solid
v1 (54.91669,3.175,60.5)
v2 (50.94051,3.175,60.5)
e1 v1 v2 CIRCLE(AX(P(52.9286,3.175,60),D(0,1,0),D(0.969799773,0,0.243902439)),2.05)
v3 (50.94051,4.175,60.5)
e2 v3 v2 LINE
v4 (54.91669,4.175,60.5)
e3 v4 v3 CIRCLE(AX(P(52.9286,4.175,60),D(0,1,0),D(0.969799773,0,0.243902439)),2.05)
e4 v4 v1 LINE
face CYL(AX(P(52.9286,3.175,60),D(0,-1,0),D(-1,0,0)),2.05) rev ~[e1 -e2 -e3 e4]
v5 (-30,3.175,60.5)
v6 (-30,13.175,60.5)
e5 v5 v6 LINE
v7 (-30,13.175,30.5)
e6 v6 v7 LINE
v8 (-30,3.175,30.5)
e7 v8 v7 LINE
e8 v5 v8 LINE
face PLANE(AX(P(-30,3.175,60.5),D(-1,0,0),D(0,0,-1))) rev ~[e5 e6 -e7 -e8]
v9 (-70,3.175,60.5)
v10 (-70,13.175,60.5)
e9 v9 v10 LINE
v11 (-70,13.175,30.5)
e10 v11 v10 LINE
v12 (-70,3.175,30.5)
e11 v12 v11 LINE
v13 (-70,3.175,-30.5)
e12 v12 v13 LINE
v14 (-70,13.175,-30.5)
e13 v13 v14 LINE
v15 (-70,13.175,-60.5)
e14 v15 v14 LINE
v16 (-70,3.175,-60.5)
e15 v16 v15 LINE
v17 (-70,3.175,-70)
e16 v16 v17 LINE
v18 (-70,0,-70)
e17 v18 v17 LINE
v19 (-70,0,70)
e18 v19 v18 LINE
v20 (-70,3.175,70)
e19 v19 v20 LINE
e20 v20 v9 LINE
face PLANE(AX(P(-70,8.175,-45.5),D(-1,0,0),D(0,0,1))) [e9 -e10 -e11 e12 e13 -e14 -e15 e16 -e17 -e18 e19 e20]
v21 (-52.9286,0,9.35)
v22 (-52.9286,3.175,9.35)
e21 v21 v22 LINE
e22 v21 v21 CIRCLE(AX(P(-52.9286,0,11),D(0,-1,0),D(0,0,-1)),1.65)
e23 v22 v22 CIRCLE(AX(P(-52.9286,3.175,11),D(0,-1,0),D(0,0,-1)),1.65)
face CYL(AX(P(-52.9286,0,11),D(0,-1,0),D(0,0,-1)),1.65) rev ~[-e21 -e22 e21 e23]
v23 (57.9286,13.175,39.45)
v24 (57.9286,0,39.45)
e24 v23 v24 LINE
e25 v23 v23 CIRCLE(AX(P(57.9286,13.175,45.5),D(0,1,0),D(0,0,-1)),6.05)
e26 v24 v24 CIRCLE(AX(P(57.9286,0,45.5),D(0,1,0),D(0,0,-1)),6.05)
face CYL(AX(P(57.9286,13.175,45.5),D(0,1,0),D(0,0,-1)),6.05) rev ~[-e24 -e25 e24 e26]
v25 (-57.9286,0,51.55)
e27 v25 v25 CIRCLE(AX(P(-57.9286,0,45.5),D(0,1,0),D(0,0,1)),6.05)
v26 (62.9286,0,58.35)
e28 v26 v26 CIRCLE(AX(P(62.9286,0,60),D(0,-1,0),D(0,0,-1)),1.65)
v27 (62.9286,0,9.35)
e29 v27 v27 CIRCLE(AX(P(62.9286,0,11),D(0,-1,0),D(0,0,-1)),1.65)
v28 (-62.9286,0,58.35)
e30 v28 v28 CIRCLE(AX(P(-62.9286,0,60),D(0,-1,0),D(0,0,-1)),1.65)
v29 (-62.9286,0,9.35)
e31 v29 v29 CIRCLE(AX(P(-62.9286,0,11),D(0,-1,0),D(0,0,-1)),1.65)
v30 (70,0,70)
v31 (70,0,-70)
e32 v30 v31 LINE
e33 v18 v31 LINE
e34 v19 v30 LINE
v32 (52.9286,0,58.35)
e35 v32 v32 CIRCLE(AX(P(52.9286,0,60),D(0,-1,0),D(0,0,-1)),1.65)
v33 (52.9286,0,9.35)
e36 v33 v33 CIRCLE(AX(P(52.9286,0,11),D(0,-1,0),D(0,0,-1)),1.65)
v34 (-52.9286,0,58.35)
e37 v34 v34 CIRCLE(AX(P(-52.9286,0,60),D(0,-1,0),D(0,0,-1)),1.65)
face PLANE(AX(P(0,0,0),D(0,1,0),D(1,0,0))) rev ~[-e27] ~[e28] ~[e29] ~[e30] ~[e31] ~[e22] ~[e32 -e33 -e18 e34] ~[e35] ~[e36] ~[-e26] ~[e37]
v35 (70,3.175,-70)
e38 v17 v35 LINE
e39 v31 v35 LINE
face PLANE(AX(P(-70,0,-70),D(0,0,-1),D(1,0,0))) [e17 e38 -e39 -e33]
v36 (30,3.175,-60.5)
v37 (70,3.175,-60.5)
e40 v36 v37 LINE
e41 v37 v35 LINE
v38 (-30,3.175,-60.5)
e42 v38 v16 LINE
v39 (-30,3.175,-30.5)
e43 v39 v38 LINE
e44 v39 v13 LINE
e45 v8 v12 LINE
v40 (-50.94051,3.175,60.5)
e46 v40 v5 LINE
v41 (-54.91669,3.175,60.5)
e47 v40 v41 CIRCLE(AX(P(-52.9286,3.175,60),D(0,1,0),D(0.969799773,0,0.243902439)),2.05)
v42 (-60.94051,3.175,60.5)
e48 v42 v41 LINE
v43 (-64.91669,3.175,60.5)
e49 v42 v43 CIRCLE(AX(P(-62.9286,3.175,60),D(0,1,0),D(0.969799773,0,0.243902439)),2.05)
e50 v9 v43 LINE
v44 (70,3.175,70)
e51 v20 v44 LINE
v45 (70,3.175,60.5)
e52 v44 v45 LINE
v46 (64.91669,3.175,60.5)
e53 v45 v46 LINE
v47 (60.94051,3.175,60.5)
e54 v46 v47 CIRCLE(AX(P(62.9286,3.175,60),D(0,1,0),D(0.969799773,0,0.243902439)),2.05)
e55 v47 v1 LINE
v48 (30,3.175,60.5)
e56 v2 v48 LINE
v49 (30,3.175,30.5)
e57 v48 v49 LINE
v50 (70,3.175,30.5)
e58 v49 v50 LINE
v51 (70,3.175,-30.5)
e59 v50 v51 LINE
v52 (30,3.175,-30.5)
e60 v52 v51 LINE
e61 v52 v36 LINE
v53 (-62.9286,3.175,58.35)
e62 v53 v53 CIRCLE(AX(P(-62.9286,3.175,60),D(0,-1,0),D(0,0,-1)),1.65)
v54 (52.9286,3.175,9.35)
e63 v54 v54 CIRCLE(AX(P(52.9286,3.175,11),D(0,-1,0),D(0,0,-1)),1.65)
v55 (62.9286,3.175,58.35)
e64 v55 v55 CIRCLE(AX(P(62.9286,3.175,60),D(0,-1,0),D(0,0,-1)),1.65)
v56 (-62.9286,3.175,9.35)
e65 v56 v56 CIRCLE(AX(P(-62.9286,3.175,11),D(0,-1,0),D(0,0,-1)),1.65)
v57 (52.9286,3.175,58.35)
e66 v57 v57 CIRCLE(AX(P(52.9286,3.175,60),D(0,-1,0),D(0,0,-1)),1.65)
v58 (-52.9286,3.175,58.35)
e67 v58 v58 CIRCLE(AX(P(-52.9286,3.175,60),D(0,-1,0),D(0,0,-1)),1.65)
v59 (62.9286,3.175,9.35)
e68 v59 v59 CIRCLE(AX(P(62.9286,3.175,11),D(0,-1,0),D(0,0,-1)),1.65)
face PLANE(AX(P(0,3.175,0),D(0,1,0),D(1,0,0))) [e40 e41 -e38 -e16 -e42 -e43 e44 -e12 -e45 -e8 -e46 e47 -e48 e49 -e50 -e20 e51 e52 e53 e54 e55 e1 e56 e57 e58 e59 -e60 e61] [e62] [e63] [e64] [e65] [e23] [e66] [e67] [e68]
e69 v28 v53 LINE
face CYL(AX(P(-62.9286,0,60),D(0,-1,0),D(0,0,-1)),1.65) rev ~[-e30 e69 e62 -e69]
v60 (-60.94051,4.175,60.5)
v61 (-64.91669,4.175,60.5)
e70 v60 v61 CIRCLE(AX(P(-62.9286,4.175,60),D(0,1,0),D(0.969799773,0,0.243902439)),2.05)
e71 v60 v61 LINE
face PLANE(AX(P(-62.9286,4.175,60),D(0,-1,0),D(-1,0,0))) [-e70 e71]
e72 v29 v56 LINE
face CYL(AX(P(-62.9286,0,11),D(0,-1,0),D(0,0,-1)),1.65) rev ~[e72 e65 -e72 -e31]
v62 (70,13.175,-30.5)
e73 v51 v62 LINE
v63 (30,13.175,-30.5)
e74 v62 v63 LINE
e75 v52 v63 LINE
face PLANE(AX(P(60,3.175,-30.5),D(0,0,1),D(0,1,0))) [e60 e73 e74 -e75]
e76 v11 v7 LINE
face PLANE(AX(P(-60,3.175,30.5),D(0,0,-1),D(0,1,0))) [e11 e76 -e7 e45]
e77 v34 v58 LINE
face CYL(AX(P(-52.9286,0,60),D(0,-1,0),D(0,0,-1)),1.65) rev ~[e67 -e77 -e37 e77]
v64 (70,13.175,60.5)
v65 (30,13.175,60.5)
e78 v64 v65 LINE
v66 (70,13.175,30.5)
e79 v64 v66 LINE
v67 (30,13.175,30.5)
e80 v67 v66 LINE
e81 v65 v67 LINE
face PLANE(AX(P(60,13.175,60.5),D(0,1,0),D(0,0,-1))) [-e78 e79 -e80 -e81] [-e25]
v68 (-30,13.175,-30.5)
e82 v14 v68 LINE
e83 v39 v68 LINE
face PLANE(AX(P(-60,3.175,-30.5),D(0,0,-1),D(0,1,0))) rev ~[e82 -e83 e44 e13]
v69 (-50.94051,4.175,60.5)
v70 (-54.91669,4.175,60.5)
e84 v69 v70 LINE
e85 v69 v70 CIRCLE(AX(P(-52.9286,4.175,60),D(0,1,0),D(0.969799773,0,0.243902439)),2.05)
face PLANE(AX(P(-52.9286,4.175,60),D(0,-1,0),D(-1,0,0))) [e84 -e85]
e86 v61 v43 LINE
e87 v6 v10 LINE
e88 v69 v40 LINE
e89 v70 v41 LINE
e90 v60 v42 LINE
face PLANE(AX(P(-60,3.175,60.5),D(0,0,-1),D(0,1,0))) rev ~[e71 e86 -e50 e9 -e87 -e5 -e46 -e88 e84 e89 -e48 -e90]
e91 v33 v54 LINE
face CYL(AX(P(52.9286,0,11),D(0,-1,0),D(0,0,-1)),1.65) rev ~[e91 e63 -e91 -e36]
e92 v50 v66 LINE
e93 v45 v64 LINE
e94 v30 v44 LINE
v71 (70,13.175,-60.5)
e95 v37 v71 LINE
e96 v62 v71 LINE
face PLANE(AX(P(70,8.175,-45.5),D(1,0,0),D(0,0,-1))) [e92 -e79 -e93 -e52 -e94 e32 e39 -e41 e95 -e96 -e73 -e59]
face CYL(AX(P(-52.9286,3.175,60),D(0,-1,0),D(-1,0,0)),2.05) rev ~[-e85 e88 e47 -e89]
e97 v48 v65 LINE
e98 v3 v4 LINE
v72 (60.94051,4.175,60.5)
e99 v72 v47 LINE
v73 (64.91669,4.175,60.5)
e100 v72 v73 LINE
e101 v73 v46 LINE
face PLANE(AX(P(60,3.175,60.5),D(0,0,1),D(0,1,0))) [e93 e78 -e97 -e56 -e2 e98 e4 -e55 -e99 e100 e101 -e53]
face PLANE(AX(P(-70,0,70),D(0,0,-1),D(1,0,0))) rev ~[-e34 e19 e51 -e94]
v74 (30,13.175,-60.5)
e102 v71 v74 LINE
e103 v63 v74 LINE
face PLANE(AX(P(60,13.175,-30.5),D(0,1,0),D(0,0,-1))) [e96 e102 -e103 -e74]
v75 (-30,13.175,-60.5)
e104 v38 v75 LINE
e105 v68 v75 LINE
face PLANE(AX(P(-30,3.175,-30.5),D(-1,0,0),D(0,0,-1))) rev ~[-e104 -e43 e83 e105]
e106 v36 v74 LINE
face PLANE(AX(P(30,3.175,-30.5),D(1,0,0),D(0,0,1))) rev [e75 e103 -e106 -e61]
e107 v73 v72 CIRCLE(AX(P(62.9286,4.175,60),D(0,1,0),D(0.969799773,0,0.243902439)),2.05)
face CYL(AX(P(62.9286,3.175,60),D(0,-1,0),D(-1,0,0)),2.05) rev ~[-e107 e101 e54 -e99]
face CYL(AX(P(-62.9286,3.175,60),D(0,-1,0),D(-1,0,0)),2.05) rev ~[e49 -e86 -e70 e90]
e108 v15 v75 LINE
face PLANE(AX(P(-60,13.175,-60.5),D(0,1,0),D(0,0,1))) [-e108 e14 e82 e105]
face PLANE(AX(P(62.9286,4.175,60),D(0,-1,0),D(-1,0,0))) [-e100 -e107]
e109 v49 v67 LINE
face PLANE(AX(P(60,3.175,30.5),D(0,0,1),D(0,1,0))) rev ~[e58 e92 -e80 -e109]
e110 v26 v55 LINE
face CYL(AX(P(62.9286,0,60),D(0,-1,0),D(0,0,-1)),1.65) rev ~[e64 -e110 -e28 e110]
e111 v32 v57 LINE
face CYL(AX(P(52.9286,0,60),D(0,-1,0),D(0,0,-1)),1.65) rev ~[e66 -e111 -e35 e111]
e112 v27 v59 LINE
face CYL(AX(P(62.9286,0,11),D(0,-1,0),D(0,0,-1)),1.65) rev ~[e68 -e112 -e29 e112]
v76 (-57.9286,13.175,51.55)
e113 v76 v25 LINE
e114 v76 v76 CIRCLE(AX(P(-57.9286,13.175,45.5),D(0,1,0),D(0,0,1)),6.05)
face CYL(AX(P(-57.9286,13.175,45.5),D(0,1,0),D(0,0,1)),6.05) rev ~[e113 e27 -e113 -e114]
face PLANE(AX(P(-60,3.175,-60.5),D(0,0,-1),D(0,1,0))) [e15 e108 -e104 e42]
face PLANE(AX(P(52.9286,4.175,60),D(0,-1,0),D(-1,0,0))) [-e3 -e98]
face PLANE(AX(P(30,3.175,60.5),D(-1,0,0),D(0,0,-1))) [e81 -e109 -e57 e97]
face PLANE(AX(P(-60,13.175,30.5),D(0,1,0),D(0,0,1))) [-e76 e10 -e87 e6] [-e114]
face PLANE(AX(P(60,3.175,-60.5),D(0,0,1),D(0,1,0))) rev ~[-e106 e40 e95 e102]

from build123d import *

# Parameters (mm, degrees)
SKETCH1_W           = 140
SKETCH1_H           = 140
BOSS_EXTRUDE1_DEPTH = 3.175
SKETCH2_W           = 30
SKETCH2_H           = 30
BOSS_EXTRUDE2_DEPTH = 10
SKETCH11_W          = 30
SKETCH11_H          = 10
BOSS_EXTRUDE3_DEPTH = 10
SKETCH13_W          = 30
SKETCH13_H          = 10
BOSS_EXTRUDE4_DEPTH = 10
SKETCH16_W          = 30
SKETCH16_H          = 10
BOSS_EXTRUDE6_DEPTH = 10
SKETCH17_W          = 30
SKETCH17_H          = 10
BOSS_EXTRUDE7_DEPTH = 10
SKETCH18_R          = 6.05
CUT_EXTRUDE1_DEPTH  = 13.175
SKETCH21_R          = 1.65
CUT_EXTRUDE2_DEPTH  = 3.175
SKETCH22_R          = 2.05
CUT_EXTRUDE3_DEPTH  = 1


with BuildPart() as part:
    # Sketch1 → Boss-Extrude1 (new body)
    with BuildSketch(Plane(origin=(0, 0, 0), x_dir=(1, 0, 0), z_dir=(0, 1, 0))):
        Rectangle(SKETCH1_W, SKETCH1_H)
    extrude(amount=BOSS_EXTRUDE1_DEPTH)

    # Sketch2 → Boss-Extrude2 (add)
    with BuildSketch(Plane(origin=(0, 3.175, 0), x_dir=(1, 0, 0), z_dir=(0, 1, 0))):
        with Locations((45, -45.5)):
            Rectangle(SKETCH2_W, SKETCH2_H)
        with Locations((-45, -45.5)):
            Rectangle(SKETCH2_W, SKETCH2_H)
        with Locations((-45, 45.5)):
            Rectangle(SKETCH2_W, SKETCH2_H)
    boss_extrude2 = extrude(amount=BOSS_EXTRUDE2_DEPTH)

    # Sketch11 → Boss-Extrude3 (add)
    with BuildSketch(Plane.ZY.offset(60)):
        with Locations((45.5, 8.175)):
            Rectangle(SKETCH11_W, SKETCH11_H)
    extrude(amount=BOSS_EXTRUDE3_DEPTH)

    # Sketch13 → Boss-Extrude4 (add)
    with BuildSketch(Plane(origin=(60, 0, 0), x_dir=(0, 0, -1), z_dir=(1, 0, 0))):
        with Locations((-45.5, 8.175)):
            Rectangle(SKETCH13_W, SKETCH13_H)
    extrude(amount=BOSS_EXTRUDE4_DEPTH)

    # Mirror1: Boss-Extrude2 across plane
    add(boss_extrude2.mirror(Plane(origin=(0, 0, 0), x_dir=(0, 0, 1), z_dir=(1, 0, 0))))

    # Sketch16 → Boss-Extrude6 (add)
    with BuildSketch(Plane(origin=(60, 0, 0), x_dir=(0, 0, -1), z_dir=(1, 0, 0))):
        with Locations((45.5, 8.175)):
            Rectangle(SKETCH16_W, SKETCH16_H)
    extrude(amount=BOSS_EXTRUDE6_DEPTH)

    # Sketch17 → Boss-Extrude7 (add)
    with BuildSketch(Plane.ZY.offset(60)):
        with Locations((-45.5, 8.175)):
            Rectangle(SKETCH17_W, SKETCH17_H)
    extrude(amount=BOSS_EXTRUDE7_DEPTH)

    # Sketch18 → Cut-Extrude1 (cut)
    with BuildSketch(Plane(origin=(0, 13.175, 0), x_dir=(1, 0, 0), z_dir=(0, 1, 0))):
        with Locations(Location((-57.9286, -45.5, 0), (0, 0, 270))):
            Circle(SKETCH18_R)
        with Locations(Location((57.9286, -45.5, 0), (0, 0, 90))):
            Circle(SKETCH18_R)
    extrude(amount=-CUT_EXTRUDE1_DEPTH, mode=Mode.SUBTRACT)

    # Sketch21 → Cut-Extrude2 (cut)
    with BuildSketch(Plane(origin=(0, 0, 0), x_dir=(-1, 0, 0), z_dir=(0, -1, 0))):
        with Locations(Location((-62.9286, -11, 0), (0, 0, 90))):
            Circle(SKETCH21_R)
        with Locations(Location((-52.9286, -11, 0), (0, 0, 90))):
            Circle(SKETCH21_R)
        with Locations(Location((-62.9286, -60, 0), (0, 0, 90))):
            Circle(SKETCH21_R)
        with Locations(Location((-52.9286, -60, 0), (0, 0, 90))):
            Circle(SKETCH21_R)
        with Locations(Location((52.9286, -11, 0), (0, 0, 90))):
            Circle(SKETCH21_R)
        with Locations(Location((62.9286, -11, 0), (0, 0, 90))):
            Circle(SKETCH21_R)
        with Locations(Location((52.9286, -60, 0), (0, 0, 90))):
            Circle(SKETCH21_R)
        with Locations(Location((62.9286, -60, 0), (0, 0, 90))):
            Circle(SKETCH21_R)
    extrude(amount=-CUT_EXTRUDE2_DEPTH, mode=Mode.SUBTRACT)

    # Sketch22 → Cut-Extrude3 (cut)
    with BuildSketch(Plane(origin=(0, 3.175, 0), x_dir=(-1, 0, 0), z_dir=(0, -1, 0))):
        with Locations((62.9286, -60)):
            Circle(SKETCH22_R)
        with Locations((52.9286, -60)):
            Circle(SKETCH22_R)
        with Locations((-52.9286, -60)):
            Circle(SKETCH22_R)
        with Locations((-62.9286, -60)):
            Circle(SKETCH22_R)
    extrude(amount=-CUT_EXTRUDE3_DEPTH, mode=Mode.SUBTRACT)


solid = part.part
